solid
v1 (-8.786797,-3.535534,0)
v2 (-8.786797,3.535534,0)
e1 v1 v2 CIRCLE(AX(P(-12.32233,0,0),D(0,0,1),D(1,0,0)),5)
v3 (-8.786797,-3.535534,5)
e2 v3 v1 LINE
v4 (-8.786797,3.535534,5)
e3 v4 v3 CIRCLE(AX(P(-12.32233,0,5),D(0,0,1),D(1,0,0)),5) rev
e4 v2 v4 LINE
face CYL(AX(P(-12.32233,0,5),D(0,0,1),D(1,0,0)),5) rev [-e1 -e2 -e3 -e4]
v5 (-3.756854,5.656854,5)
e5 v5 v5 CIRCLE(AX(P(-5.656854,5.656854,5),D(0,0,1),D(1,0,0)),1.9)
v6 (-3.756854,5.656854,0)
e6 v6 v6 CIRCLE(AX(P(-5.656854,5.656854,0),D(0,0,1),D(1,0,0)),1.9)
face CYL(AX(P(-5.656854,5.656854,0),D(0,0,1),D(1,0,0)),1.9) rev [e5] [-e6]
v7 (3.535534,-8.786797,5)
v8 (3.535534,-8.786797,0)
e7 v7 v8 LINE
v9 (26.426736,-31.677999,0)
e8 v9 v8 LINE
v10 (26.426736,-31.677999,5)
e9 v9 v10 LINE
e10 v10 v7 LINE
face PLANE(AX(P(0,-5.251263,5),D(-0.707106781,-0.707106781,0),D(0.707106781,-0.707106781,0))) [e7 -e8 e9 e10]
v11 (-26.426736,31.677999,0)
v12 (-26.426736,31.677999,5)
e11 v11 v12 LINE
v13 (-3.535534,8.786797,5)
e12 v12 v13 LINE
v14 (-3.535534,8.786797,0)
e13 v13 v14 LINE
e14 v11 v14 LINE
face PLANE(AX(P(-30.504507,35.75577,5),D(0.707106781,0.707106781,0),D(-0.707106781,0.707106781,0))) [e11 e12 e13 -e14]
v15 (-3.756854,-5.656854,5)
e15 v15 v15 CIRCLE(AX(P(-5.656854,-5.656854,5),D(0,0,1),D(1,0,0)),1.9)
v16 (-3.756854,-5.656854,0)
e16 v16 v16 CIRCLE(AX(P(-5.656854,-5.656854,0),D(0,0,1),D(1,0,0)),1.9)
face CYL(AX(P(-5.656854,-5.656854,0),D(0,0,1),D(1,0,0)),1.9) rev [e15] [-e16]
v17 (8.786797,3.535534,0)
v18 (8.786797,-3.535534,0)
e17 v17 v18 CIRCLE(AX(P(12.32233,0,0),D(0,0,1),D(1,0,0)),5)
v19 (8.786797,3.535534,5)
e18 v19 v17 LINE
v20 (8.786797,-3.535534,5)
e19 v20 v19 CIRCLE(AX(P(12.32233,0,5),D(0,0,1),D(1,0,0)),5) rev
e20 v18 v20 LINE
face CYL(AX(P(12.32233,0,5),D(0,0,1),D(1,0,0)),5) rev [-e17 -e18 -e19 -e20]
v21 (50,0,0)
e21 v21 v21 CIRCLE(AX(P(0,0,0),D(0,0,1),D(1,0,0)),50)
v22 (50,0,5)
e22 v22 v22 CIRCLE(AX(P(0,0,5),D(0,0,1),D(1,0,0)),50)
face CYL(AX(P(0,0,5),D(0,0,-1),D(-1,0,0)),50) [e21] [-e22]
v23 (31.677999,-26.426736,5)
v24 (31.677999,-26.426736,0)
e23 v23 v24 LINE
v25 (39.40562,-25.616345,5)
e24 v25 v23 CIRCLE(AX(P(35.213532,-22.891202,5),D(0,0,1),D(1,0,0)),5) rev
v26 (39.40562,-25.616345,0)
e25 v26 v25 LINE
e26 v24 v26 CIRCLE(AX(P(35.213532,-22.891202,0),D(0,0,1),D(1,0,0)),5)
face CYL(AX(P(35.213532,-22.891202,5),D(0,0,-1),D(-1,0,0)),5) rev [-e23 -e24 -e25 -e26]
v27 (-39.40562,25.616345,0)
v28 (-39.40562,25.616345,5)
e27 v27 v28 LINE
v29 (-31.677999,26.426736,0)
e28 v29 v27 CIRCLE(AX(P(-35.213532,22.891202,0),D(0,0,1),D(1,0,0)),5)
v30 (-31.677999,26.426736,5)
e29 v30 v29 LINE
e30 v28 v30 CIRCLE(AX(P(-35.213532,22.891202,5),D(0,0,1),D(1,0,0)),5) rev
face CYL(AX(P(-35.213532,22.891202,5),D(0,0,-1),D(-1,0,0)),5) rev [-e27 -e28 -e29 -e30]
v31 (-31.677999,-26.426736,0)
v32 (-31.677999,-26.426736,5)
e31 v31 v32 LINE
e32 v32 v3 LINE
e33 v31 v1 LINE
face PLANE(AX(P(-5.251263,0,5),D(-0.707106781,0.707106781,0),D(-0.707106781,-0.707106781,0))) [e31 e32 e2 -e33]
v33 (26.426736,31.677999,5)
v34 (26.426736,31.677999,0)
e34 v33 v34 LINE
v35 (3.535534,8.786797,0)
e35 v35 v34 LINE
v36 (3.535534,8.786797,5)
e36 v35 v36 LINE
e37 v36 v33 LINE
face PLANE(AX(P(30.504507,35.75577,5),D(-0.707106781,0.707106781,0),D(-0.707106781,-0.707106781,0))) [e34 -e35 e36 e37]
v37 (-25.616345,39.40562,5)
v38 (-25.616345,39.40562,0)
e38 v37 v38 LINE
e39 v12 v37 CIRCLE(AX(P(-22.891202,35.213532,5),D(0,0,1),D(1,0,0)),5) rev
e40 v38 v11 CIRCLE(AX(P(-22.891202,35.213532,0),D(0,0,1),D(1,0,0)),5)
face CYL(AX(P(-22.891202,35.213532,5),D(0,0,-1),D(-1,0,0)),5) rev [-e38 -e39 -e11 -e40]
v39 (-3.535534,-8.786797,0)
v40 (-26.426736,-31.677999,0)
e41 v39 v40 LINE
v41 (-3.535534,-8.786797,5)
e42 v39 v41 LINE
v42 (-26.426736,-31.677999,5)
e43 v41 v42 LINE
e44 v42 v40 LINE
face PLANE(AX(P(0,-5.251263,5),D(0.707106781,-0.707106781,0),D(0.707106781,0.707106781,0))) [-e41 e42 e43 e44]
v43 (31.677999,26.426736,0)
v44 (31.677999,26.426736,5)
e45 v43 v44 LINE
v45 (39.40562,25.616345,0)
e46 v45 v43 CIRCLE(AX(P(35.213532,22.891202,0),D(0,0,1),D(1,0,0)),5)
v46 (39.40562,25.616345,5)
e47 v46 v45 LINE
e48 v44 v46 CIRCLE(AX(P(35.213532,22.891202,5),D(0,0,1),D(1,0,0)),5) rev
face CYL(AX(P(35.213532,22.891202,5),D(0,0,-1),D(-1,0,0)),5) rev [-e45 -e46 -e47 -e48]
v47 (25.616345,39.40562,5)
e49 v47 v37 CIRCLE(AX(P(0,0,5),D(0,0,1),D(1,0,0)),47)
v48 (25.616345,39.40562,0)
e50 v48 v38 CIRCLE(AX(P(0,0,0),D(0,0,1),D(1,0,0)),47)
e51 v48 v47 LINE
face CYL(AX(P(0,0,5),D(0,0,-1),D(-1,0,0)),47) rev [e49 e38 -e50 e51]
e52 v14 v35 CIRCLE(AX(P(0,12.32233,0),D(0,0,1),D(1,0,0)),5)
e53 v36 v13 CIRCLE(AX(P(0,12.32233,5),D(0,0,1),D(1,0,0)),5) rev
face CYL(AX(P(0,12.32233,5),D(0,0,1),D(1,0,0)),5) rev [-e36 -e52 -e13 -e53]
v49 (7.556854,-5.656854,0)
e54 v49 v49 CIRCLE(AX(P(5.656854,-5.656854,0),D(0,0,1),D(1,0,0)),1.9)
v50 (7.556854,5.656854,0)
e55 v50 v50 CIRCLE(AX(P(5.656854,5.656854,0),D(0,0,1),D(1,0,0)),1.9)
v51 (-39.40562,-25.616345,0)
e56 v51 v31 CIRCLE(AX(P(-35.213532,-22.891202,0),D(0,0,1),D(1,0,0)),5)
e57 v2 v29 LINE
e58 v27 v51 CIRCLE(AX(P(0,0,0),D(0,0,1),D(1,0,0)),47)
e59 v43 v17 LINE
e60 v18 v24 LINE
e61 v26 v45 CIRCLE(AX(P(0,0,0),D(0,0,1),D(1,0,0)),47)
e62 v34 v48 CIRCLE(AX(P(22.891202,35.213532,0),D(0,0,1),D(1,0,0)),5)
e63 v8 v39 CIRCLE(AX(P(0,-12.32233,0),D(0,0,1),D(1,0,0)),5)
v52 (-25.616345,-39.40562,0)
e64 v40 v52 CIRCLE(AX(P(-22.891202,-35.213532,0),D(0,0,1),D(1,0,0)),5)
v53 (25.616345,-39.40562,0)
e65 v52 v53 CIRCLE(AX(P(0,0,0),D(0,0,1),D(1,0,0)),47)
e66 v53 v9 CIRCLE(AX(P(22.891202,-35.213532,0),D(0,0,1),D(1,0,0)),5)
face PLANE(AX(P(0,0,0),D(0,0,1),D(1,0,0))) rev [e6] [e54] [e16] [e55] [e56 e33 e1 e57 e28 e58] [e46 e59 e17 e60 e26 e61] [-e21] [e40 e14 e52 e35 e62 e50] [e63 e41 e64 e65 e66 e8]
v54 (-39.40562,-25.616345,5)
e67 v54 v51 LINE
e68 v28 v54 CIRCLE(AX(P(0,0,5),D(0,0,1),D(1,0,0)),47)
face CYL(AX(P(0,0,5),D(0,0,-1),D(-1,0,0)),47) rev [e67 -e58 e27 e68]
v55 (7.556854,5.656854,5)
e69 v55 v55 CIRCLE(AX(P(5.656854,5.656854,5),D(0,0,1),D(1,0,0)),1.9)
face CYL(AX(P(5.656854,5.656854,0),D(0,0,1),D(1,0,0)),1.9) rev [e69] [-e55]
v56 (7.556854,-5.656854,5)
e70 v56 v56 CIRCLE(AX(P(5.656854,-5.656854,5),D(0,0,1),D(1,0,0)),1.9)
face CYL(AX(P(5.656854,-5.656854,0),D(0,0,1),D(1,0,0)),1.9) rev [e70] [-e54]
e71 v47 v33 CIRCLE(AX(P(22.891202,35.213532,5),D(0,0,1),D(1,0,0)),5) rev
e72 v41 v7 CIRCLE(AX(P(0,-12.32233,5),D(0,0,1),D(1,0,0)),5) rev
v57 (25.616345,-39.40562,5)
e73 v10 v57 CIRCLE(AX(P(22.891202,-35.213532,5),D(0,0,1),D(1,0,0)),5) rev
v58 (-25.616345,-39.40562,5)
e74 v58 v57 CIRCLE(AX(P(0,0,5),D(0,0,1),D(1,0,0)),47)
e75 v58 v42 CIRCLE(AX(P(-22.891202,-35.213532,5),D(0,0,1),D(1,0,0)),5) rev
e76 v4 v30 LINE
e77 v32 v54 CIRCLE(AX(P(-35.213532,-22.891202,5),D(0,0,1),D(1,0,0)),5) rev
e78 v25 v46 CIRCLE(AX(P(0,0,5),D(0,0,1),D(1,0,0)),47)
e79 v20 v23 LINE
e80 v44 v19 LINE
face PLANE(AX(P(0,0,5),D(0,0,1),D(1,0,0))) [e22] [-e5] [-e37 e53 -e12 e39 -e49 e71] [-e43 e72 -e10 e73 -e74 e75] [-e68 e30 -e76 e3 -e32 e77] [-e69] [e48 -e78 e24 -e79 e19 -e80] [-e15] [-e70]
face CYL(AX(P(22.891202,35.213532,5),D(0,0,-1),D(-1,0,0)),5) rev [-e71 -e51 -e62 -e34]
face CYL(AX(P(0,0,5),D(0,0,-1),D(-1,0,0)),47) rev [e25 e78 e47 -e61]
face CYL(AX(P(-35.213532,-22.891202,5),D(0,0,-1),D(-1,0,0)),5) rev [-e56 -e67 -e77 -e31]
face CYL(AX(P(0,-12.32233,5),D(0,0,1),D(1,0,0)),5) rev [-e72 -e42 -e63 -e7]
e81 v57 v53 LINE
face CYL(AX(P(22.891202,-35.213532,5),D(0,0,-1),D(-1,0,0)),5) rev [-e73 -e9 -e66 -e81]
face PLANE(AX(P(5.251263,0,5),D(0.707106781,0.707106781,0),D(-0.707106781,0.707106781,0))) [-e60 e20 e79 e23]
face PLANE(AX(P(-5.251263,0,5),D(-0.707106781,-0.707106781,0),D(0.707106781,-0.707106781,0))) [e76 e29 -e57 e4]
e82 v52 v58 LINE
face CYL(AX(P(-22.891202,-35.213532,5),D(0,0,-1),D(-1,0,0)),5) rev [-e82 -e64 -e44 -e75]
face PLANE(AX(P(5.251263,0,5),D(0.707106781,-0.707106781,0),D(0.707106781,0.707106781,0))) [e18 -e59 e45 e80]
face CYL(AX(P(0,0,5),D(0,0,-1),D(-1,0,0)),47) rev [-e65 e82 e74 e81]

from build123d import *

# Parameters (mm, degrees)
SKETCH1_R           = 50
BOSS_EXTRUDE1_DEPTH = 5
FILLET1_R           = 5
SKETCH2_R           = 1.9
CUT_EXTRUDE1_DEPTH  = 5


with BuildPart() as part:
    # Sketch1 → Boss-Extrude1 (new body)
    with BuildSketch(Plane.XY):
        Circle(SKETCH1_R)
        with BuildLine():
            Line((30.504506916, 35.755769574), (0, 5.251262658))
            Line((0, 5.251262658), (-30.504506916, 35.755769574))
            ThreePointArc((-30.504506916, 35.755769574), (0, 47), (30.504506916, 35.755769574))
        make_face(mode=Mode.SUBTRACT)
        with BuildLine():
            Line((5.251262658, 0), (35.755769574, 30.504506916))
            ThreePointArc((35.755769574, 30.504506916), (47, 0), (35.755769574, -30.504506916))
            Line((35.755769574, -30.504506916), (5.251262658, 0))
        make_face(mode=Mode.SUBTRACT)
        with BuildLine():
            Line((0, -5.251262658), (30.504506916, -35.755769574))
            ThreePointArc((30.504506916, -35.755769574), (0, -47), (-30.504506916, -35.755769574))
            Line((-30.504506916, -35.755769574), (0, -5.251262658))
        make_face(mode=Mode.SUBTRACT)
        with BuildLine():
            Line((-5.251262658, 0), (-35.755769574, -30.504506916))
            ThreePointArc((-35.755769574, -30.504506916), (-47, 0), (-35.755769574, 30.504506916))
            Line((-35.755769574, 30.504506916), (-5.251262658, 0))
        make_face(mode=Mode.SUBTRACT)
    extrude(amount=BOSS_EXTRUDE1_DEPTH)

    # Fillet1
    fillet1_edges = [part.edges().sort_by_distance(p)[0] for p in [
        (-5.251262658, 0, 2.5),
        (-35.755769574, 30.504506916, 2.5),
        (-35.755769574, -30.504506916, 2.5),
        (35.755769574, -30.504506916, 2.5),
        (35.755769574, 30.504506916, 2.5),
        (5.251262658, 0, 2.5),
        (-30.504506916, -35.755769574, 2.5),
        (30.504506916, -35.755769574, 2.5),
        (0, -5.251262658, 2.5),
        (30.504506916, 35.755769574, 2.5),
        (-30.504506916, 35.755769574, 2.5),
        (0, 5.251262658, 2.5),
    ]]
    fillet(fillet1_edges, radius=FILLET1_R)

    # Sketch2 → Cut-Extrude1 (cut)
    with BuildSketch(Plane.XY.offset(5)):
        with Locations((5.656854249, -5.656854249)):
            Circle(SKETCH2_R)
        with Locations((5.656854249, 5.656854249)):
            Circle(SKETCH2_R)
        with Locations((-5.656854249, 5.656854249)):
            Circle(SKETCH2_R)
        with Locations((-5.656854249, -5.656854249)):
            Circle(SKETCH2_R)
    extrude(amount=-CUT_EXTRUDE1_DEPTH, mode=Mode.SUBTRACT)


solid = part.part
